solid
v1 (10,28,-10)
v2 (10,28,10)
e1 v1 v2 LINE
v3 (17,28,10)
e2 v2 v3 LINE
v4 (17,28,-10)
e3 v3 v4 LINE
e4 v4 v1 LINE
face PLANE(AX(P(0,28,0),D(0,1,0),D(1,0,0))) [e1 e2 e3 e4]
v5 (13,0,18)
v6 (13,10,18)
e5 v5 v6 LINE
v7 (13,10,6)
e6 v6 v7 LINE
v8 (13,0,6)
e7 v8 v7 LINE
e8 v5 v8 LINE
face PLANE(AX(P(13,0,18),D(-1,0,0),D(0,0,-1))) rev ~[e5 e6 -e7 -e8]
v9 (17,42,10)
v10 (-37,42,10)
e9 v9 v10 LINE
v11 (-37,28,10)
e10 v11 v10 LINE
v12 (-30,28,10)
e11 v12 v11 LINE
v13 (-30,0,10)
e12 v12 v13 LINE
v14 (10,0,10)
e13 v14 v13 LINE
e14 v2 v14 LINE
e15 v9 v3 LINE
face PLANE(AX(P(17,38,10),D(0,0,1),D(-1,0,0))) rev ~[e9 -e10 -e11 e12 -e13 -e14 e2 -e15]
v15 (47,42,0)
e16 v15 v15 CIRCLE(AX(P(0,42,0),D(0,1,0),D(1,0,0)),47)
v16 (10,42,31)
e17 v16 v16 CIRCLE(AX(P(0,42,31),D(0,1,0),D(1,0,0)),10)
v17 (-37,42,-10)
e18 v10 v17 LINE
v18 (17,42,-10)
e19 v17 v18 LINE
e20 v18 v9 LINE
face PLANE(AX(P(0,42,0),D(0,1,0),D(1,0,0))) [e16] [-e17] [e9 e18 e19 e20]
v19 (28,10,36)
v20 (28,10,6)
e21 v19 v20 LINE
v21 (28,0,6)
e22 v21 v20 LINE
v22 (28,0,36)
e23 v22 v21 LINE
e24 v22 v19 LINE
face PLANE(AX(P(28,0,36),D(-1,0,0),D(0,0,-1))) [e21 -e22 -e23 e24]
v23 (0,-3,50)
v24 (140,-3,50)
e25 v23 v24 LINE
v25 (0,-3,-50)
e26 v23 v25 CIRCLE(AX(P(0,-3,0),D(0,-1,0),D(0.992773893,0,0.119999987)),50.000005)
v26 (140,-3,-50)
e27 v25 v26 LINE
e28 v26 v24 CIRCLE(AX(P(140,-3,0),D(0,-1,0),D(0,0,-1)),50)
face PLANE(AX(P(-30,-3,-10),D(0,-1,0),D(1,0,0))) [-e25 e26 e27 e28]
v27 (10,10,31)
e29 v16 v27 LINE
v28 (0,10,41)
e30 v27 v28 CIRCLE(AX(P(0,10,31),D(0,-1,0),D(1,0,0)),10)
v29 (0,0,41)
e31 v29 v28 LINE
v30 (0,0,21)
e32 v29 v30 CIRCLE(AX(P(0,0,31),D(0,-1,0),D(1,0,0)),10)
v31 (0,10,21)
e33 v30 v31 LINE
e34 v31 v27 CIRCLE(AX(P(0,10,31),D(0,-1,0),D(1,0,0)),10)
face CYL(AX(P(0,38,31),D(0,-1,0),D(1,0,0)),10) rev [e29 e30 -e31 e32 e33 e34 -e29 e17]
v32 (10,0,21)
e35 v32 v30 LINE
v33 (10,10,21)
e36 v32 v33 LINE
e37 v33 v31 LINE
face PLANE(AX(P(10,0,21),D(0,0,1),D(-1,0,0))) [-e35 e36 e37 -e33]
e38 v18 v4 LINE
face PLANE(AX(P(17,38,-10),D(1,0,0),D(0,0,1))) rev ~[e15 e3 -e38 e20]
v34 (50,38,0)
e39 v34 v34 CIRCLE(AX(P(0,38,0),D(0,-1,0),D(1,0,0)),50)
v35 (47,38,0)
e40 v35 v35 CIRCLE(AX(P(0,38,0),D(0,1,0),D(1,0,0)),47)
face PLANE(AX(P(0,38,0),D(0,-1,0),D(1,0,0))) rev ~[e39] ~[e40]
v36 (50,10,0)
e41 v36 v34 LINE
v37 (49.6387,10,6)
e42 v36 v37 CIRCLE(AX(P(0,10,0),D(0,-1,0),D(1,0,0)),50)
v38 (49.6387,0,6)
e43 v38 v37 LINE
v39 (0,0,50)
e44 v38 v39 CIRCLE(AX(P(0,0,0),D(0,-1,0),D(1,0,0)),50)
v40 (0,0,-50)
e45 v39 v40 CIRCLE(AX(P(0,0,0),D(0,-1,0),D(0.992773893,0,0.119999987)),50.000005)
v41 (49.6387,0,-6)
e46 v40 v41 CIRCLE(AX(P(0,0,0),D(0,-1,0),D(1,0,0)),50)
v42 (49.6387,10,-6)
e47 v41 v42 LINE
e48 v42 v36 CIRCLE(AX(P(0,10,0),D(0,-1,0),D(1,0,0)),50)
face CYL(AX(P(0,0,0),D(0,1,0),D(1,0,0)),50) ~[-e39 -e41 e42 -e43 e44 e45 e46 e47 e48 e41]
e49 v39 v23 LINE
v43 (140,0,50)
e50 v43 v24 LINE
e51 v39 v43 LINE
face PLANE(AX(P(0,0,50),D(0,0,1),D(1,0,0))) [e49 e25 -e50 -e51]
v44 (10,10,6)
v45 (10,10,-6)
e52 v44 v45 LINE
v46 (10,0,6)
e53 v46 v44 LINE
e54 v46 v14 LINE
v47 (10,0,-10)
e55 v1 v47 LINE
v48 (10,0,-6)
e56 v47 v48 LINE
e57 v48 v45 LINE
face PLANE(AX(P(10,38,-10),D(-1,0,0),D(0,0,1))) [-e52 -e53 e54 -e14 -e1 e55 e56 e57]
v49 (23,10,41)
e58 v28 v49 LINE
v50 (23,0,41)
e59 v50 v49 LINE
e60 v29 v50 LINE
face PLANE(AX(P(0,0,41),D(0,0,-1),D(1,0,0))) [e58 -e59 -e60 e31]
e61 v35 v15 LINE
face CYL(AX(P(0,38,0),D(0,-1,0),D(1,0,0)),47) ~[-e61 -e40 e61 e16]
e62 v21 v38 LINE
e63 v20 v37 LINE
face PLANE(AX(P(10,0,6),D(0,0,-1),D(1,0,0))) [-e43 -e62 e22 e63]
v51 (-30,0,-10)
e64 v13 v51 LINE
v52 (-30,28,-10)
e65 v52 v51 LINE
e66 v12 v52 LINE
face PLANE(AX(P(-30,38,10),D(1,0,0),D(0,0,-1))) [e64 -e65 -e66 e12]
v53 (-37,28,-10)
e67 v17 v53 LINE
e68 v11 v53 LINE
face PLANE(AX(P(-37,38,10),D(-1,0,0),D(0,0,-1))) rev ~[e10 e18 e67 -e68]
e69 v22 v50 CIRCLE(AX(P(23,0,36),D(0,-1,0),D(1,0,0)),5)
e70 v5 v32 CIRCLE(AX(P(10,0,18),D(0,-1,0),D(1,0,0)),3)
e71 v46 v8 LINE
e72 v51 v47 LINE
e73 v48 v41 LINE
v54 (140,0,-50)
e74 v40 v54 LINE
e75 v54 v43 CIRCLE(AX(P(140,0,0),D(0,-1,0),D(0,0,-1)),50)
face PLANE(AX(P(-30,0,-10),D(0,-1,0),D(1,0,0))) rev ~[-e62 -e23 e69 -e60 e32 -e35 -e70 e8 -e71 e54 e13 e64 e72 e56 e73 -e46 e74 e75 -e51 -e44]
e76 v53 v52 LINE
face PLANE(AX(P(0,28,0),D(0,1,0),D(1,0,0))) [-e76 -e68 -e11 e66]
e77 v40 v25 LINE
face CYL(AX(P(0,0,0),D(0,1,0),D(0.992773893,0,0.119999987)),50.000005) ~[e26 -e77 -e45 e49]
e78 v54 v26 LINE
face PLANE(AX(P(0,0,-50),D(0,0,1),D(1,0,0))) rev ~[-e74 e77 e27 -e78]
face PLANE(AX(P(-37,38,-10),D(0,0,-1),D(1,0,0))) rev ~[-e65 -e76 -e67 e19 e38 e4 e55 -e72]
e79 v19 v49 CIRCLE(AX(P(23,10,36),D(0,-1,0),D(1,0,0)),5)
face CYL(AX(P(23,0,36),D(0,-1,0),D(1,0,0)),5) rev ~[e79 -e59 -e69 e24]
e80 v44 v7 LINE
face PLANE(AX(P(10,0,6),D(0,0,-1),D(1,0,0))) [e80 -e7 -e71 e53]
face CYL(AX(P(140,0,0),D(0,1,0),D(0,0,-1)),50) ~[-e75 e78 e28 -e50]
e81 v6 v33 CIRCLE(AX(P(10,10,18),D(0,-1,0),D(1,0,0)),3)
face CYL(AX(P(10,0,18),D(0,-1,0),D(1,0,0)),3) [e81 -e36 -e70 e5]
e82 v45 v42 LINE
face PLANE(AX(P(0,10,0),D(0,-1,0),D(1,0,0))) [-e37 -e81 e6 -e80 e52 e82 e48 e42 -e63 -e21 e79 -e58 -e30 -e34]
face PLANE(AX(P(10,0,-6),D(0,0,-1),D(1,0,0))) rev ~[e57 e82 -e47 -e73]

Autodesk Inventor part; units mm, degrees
ref_plane "YZ Plane" through (0, 0, 0) normal (1, 0, 0) x (0, 1, 0)
ref_plane "XZ Plane" through (0, 0, 0) normal (0, 1, 0) x (-1, 0, 0)
ref_plane "XY Plane" through (0, 0, 0) normal (0, 0, 1) x (1, 0, 0)
sketch "Sketch1" plane through (0, 0, 0) normal (0, 0, 1) x (1, 0, 0)
  line L0 (0, 0) -> (50, 0)
  line L1 (50, 0) -> (50, 38)
  line L2 (50, 38) -> (0, 38)
  line L3 (0, 38) -> (0, 0)
  dimension "d0" = 100
  dimension "d1" = 38
revolve "Revolution1" add sketch "Sketch1" angle 360 about axis through (0, 38, 0) along (0, -1, 0)
sketch "Sketch2" plane through (0, 38, 0) normal (0, 1, 0) x (1, 0, 0)
  line L0 (-30, 10) -> (10, 10)
  line L1 (10, 10) -> (10, -10)
  line L2 (10, -10) -> (-30, -10)
  line L3 (-30, -10) -> (-30, 10)
  line L4 (10, -10) -> (17, -10)
  line L5 (17, -10) -> (17, 10)
  line L6 (17, 10) -> (10, 10)
  line L7 (10, 10) -> (10, -10)
  line L8 (-30, -10) -> (-37, -10)
  line L9 (-37, -10) -> (-37, 10)
  line L10 (-37, 10) -> (-30, 10)
  line L11 (-30, 10) -> (-30, -10)
  point P0 (0, 0)
  dimension "d3" = 10
  dimension "d4" = 40
  dimension "d5" = 20
  dimension "d6" = 10
  dimension "d7" = 7
  dimension "d8" = 7
extrude "Extrusion1" cut sketch "Sketch2" against normal blind 38 contours L0 L1 L2 L3
extrude "Extrusion2" cut sketch "Sketch2" against normal blind 10 contours L3 L8 L9 L10 | L6 L5 L4 L1
sketch "Sketch3" plane through (0, 0, 0) normal (0, -1, 0) x (1, 0, 0)
  line L0 (10, 10) -> (10, -10) projected
  line L1 (10, 6) -> (10, -6)
  line L2 (10, -6) -> (49.6387, -6)
  line L3 (10, 6) -> (49.6387, 6)
  circle A0 centre (0, 0) radius 50 projected
  point P0 (0, 0)
  dimension "d13" = 12
  dimension "d14" = 6
extrude "Extrusion3" cut sketch "Sketch3" against normal blind 10 contours L3 A0 L2 L0 picked at (23.3333, 0)
sketch "Sketch4" plane through (-30, 0, -10) normal (0, -1, 0) x (1, 0, 0)
  line L0 (181, -17) -> (112, -17)
  line L1 (112, -17) -> (112, 37)
  line L2 (112, 37) -> (181, 37)
  line L3 (181, 37) -> (181, -17)
  line L4 (181, -17) -> (112, -17) construction
  line L5 (112, -17) -> (112, 37) construction
  line L6 (112, 37) -> (181, 37) construction
  line L7 (181, 37) -> (181, -17) construction
  line L8 (105, -24) -> (188, -24) construction
  line L9 (188, -24) -> (188, 44) construction
  line L10 (188, 44) -> (105, 44) construction
  line L11 (105, 44) -> (105, -24) construction
  line L12 (105, 44) -> (80, 44) construction
  line L13 (80, 44) -> (80, -24) construction
  line L14 (80, -24) -> (105, -24) construction
  line L15 (105, -24) -> (105, 44)
  arc A0 (79.6387, 4) -> (79.6387, 16) centre (30, 10) ccw projected
  arc A1 (79.6387, 16) -> (79.6387, 4) centre (30, 10) ccw projected
  circle A2 centre (30, 41) radius 10
  line L16 (30, 51) -> (53, 51)
  line L17 (58, 46) -> (58, 16)
  line L18 (40, 16) -> (79.6387, 16) projected
  line L19 (43, 28) -> (43, 16)
  line L20 (30, 10) -> (30, 41) construction
  arc A3 (58, 46) -> (53, 51) centre (53, 46) ccw
  arc A4 (43, 28) -> (40, 31) centre (40, 28) ccw
  circle A5 centre (30, 10) radius 50 projected
  line L21 (30, 60) -> (170, 60)
  line L22 (30, -40) -> (170, -40)
  arc A6 (170, -40) -> (170, 60) centre (170, 10) ccw
  line L23 (40, 31) -> (30, 31)
  point P0 (58, 51)
  dimension "d17" = 69
  dimension "d18" = 54
  dimension "d19" = 7
  dimension "d20" = 25
  dimension "d21" = 34
  dimension "d22" = 20
  dimension "d23" = 15
  dimension "d25" = 28
  dimension "d26" = 35
  dimension "d27" = 5
  dimension "d28" = 3
  dimension "d33" = 100
  dimension "d34" = 50
  dimension "d35" = 140
extrude "Extrusion4" cut sketch "Sketch4" against normal up to surface (10 mm away) contours L18 L19 A4 L23 A2 L16 A3 L17 | A2
sketch "Sketch5" plane through (0, 10, 0) normal (0, -1, 0) x (1, 0, 0)
  circle A0 centre (0, 31) radius 10
  arc A1 (0, 41) -> (0, 21) centre (0, 31) ccw projected
  point P0 (0, 0)
  dimension "d39" = 20
extrude "Extrusion5" cut sketch "Sketch5" against normal through all
extrude "Extrusion6" add sketch "Sketch4" along normal blind 3 contours L0 L1 L2 L3 | L18 L19 A4 L23 A2 L16 A3 L17 | A1 A0 | A0 A1 L21 A6 L22 | A2
sketch "Sketch6" plane through (0, 38, 0) normal (0, 1, 0) x (1, 0, 0)
  line L0 (-37, -10) -> (-37, 10) projected
  line L1 (17, -10) -> (-37, -10) projected
  line L2 (-37, 10) -> (17, 10) projected
  line L3 (17, 10) -> (17, -10) projected
  circle A0 centre (0, -31) radius 10 projected
  circle A1 centre (0, -31) radius 10 projected
  line L4 (17, -10) -> (-37, -10) projected
  line L5 (-37, -10) -> (-37, 10) projected
  line L6 (-37, 10) -> (17, 10) projected
  line L7 (17, 10) -> (17, -10) projected
  circle A2 centre (0, 0) radius 50 projected
  circle A3 centre (0, 0) radius 47
  point P0 (0, 0)
  dimension "d40" = 94
extrude "Extrusion7" add sketch "Sketch6" along normal blind 4 contours A3
equation "\"d14\" = 0.5 * d13"
equation "\"d21\" = d19 + 0.5 * d18"
equation "\"d34\" = 0.5 * d33"
equation "\"d39\" = d22"
properties part number "Base v0,1"
